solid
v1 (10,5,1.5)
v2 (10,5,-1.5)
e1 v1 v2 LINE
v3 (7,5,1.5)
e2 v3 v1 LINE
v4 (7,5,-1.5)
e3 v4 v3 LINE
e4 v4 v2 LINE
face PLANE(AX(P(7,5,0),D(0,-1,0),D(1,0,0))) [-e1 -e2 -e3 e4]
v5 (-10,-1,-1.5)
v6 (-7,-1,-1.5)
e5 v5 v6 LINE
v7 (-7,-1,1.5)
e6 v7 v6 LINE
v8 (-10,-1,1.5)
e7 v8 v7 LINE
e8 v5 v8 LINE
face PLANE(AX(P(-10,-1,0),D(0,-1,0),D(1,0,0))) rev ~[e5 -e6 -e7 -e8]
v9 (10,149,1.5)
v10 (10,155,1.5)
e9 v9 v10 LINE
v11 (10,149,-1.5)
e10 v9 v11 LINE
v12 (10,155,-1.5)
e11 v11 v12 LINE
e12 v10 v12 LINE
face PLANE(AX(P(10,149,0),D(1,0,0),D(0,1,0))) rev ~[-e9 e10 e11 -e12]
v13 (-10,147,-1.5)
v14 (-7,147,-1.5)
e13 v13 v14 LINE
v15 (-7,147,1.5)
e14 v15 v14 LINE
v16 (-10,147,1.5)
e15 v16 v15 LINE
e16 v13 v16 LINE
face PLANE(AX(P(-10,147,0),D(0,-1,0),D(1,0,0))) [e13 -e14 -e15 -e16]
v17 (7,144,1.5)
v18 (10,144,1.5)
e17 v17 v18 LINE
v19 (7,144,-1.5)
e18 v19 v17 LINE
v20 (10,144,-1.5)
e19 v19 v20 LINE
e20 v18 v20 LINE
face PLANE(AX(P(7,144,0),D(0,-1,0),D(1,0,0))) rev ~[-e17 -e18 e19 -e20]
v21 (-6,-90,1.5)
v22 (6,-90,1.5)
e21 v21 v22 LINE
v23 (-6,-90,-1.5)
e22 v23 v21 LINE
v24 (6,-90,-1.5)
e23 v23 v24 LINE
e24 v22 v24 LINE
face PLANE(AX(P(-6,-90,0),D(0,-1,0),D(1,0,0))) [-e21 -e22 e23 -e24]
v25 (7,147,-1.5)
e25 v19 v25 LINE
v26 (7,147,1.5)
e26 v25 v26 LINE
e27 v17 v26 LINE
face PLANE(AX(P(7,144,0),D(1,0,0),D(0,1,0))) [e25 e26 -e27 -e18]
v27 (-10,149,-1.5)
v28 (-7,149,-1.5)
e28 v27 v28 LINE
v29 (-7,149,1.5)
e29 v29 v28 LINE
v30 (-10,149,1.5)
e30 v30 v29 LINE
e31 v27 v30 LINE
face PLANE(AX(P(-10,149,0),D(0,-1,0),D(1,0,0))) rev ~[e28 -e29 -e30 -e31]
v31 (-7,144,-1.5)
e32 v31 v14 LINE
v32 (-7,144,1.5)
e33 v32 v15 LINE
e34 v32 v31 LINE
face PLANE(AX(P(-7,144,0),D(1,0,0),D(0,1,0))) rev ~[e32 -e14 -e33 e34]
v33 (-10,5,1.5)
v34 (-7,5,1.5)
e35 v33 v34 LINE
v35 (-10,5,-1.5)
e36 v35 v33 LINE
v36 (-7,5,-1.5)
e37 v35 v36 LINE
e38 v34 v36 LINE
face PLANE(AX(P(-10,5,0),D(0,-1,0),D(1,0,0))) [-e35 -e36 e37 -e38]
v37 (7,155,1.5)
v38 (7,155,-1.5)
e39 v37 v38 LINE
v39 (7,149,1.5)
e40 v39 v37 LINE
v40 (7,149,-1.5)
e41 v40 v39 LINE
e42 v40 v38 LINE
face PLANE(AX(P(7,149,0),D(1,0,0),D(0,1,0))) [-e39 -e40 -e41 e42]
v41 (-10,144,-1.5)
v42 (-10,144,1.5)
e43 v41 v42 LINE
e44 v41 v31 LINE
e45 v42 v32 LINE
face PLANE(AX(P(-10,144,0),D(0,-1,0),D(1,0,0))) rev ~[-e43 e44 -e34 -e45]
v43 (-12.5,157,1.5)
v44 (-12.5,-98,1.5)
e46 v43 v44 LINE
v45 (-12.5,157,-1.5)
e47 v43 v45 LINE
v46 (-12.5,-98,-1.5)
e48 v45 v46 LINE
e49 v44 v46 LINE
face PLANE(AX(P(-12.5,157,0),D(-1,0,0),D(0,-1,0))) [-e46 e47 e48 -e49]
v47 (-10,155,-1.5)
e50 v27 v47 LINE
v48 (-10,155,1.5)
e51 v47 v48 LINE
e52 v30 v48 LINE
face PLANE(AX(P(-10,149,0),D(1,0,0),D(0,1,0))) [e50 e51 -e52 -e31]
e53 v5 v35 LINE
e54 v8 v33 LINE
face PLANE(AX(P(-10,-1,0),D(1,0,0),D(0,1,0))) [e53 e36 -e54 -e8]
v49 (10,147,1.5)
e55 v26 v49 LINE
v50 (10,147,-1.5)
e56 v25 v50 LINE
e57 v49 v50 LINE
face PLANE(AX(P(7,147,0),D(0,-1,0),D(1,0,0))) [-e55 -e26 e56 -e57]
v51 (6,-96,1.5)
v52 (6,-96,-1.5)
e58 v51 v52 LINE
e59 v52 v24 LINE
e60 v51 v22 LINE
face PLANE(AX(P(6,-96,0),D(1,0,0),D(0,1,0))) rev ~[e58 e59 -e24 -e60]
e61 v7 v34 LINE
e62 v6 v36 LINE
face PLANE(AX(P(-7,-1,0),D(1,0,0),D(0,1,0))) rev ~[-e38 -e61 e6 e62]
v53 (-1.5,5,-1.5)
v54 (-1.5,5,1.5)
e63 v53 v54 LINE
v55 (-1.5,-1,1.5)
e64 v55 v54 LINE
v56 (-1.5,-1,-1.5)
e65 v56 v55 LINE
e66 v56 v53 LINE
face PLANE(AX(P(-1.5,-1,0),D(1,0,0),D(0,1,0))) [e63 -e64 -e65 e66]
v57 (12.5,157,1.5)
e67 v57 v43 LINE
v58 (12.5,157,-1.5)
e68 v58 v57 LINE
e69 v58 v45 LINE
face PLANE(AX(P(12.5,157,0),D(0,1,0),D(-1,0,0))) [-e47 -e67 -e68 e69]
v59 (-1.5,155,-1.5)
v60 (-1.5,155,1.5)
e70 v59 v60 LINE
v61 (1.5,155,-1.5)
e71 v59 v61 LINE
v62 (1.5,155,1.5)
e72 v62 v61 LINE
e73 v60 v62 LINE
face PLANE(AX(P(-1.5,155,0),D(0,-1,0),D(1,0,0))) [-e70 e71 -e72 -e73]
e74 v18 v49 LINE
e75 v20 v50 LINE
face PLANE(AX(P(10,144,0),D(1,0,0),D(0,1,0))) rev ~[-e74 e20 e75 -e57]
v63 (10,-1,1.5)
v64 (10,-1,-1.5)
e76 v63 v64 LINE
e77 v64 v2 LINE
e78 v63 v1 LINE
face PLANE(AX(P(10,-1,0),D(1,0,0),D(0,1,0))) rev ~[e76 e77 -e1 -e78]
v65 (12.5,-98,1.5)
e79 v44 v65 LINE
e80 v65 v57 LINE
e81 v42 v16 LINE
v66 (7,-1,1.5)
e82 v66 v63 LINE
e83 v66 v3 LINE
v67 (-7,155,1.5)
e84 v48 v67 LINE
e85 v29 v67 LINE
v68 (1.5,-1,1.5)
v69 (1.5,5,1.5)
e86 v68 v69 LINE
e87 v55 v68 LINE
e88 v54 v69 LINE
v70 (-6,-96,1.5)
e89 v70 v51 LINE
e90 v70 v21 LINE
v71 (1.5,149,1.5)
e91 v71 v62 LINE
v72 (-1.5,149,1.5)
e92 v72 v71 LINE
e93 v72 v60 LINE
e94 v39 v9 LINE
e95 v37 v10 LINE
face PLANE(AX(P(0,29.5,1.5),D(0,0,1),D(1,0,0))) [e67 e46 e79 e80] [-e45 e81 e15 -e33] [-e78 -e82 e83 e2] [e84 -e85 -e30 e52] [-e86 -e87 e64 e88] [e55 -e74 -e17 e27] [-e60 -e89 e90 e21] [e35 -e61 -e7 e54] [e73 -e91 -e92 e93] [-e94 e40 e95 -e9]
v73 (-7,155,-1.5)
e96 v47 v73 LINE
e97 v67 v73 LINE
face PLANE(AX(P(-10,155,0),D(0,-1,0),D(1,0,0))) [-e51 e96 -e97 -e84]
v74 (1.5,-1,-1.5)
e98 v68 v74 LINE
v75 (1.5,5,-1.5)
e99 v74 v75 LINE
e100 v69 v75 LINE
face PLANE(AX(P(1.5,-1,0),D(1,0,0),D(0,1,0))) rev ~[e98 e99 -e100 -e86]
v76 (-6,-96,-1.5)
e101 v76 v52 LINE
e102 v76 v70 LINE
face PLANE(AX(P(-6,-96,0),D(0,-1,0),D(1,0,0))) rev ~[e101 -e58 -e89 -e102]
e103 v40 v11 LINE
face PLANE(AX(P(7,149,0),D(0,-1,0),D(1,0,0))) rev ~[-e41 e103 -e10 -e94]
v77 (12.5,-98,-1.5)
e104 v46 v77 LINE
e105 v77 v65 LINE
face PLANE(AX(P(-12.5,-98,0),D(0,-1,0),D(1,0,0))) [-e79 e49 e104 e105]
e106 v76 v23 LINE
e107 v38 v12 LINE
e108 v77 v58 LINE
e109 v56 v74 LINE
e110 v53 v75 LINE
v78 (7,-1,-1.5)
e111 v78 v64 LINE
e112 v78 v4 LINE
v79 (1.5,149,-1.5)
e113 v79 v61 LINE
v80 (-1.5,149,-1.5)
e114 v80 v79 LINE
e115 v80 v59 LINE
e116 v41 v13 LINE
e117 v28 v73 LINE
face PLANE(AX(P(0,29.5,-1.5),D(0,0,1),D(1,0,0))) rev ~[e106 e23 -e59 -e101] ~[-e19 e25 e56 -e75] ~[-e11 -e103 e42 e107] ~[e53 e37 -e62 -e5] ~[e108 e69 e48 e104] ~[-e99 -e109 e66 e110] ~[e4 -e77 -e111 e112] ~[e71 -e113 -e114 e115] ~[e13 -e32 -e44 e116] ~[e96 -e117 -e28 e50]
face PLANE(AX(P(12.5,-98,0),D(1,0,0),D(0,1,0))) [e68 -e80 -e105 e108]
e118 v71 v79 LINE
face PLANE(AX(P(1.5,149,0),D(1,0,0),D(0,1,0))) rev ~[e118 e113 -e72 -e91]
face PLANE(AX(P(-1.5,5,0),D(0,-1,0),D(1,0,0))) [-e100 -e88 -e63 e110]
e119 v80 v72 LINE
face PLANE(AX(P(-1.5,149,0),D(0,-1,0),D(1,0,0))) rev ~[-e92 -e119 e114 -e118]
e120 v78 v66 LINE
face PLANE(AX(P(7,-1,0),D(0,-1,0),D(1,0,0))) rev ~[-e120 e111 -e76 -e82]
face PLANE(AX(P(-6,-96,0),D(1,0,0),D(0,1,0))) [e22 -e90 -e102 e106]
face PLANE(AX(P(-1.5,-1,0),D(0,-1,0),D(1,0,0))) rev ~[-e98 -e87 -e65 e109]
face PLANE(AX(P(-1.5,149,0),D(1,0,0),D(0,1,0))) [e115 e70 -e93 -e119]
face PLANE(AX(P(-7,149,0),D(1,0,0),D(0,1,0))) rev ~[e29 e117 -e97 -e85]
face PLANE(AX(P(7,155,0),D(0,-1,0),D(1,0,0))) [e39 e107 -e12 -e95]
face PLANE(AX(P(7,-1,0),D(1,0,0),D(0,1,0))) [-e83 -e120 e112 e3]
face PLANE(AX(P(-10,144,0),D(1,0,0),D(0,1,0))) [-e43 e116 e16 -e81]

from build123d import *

# Parameters (mm, degrees)
F0_W     = 3
F0_H     = 6
F0_W_2   = 12
F0_H_2   = 3
F1_DEPTH = 1.5


with BuildPart() as f1:
    # F0 (on Top) → F1 (new body, symmetric)
    with BuildSketch(Plane.XY):
        Polygon((-12.5, 7), (-12.5, 0), (-12.5, -98), (12.5, -98), (12.5, 0), (12.5, 7), (12.5, 157), (10, 157), (-12.5, 157), align=None)
        with Locations((-8.5, 2)):
            Rectangle(F0_W, F0_H, mode=Mode.SUBTRACT)
        with Locations((0, -93)):
            Rectangle(F0_W_2, F0_H, mode=Mode.SUBTRACT)
        with Locations((0, 2)):
            Rectangle(F0_W, F0_H, mode=Mode.SUBTRACT)
        with Locations((8.5, 2)):
            Rectangle(F0_W, F0_H, mode=Mode.SUBTRACT)
        with Locations((-8.5, 145.5)):
            Rectangle(F0_W, F0_H_2, mode=Mode.SUBTRACT)
        with Locations((-8.5, 152)):
            Rectangle(F0_W, F0_H, mode=Mode.SUBTRACT)
        with Locations((0, 152)):
            Rectangle(F0_W, F0_H, mode=Mode.SUBTRACT)
        with Locations((8.5, 145.5)):
            Rectangle(F0_W, F0_H_2, mode=Mode.SUBTRACT)
        with Locations((8.5, 152)):
            Rectangle(F0_W, F0_H, mode=Mode.SUBTRACT)
    extrude(amount=F1_DEPTH, both=True)


solid = f1.part
